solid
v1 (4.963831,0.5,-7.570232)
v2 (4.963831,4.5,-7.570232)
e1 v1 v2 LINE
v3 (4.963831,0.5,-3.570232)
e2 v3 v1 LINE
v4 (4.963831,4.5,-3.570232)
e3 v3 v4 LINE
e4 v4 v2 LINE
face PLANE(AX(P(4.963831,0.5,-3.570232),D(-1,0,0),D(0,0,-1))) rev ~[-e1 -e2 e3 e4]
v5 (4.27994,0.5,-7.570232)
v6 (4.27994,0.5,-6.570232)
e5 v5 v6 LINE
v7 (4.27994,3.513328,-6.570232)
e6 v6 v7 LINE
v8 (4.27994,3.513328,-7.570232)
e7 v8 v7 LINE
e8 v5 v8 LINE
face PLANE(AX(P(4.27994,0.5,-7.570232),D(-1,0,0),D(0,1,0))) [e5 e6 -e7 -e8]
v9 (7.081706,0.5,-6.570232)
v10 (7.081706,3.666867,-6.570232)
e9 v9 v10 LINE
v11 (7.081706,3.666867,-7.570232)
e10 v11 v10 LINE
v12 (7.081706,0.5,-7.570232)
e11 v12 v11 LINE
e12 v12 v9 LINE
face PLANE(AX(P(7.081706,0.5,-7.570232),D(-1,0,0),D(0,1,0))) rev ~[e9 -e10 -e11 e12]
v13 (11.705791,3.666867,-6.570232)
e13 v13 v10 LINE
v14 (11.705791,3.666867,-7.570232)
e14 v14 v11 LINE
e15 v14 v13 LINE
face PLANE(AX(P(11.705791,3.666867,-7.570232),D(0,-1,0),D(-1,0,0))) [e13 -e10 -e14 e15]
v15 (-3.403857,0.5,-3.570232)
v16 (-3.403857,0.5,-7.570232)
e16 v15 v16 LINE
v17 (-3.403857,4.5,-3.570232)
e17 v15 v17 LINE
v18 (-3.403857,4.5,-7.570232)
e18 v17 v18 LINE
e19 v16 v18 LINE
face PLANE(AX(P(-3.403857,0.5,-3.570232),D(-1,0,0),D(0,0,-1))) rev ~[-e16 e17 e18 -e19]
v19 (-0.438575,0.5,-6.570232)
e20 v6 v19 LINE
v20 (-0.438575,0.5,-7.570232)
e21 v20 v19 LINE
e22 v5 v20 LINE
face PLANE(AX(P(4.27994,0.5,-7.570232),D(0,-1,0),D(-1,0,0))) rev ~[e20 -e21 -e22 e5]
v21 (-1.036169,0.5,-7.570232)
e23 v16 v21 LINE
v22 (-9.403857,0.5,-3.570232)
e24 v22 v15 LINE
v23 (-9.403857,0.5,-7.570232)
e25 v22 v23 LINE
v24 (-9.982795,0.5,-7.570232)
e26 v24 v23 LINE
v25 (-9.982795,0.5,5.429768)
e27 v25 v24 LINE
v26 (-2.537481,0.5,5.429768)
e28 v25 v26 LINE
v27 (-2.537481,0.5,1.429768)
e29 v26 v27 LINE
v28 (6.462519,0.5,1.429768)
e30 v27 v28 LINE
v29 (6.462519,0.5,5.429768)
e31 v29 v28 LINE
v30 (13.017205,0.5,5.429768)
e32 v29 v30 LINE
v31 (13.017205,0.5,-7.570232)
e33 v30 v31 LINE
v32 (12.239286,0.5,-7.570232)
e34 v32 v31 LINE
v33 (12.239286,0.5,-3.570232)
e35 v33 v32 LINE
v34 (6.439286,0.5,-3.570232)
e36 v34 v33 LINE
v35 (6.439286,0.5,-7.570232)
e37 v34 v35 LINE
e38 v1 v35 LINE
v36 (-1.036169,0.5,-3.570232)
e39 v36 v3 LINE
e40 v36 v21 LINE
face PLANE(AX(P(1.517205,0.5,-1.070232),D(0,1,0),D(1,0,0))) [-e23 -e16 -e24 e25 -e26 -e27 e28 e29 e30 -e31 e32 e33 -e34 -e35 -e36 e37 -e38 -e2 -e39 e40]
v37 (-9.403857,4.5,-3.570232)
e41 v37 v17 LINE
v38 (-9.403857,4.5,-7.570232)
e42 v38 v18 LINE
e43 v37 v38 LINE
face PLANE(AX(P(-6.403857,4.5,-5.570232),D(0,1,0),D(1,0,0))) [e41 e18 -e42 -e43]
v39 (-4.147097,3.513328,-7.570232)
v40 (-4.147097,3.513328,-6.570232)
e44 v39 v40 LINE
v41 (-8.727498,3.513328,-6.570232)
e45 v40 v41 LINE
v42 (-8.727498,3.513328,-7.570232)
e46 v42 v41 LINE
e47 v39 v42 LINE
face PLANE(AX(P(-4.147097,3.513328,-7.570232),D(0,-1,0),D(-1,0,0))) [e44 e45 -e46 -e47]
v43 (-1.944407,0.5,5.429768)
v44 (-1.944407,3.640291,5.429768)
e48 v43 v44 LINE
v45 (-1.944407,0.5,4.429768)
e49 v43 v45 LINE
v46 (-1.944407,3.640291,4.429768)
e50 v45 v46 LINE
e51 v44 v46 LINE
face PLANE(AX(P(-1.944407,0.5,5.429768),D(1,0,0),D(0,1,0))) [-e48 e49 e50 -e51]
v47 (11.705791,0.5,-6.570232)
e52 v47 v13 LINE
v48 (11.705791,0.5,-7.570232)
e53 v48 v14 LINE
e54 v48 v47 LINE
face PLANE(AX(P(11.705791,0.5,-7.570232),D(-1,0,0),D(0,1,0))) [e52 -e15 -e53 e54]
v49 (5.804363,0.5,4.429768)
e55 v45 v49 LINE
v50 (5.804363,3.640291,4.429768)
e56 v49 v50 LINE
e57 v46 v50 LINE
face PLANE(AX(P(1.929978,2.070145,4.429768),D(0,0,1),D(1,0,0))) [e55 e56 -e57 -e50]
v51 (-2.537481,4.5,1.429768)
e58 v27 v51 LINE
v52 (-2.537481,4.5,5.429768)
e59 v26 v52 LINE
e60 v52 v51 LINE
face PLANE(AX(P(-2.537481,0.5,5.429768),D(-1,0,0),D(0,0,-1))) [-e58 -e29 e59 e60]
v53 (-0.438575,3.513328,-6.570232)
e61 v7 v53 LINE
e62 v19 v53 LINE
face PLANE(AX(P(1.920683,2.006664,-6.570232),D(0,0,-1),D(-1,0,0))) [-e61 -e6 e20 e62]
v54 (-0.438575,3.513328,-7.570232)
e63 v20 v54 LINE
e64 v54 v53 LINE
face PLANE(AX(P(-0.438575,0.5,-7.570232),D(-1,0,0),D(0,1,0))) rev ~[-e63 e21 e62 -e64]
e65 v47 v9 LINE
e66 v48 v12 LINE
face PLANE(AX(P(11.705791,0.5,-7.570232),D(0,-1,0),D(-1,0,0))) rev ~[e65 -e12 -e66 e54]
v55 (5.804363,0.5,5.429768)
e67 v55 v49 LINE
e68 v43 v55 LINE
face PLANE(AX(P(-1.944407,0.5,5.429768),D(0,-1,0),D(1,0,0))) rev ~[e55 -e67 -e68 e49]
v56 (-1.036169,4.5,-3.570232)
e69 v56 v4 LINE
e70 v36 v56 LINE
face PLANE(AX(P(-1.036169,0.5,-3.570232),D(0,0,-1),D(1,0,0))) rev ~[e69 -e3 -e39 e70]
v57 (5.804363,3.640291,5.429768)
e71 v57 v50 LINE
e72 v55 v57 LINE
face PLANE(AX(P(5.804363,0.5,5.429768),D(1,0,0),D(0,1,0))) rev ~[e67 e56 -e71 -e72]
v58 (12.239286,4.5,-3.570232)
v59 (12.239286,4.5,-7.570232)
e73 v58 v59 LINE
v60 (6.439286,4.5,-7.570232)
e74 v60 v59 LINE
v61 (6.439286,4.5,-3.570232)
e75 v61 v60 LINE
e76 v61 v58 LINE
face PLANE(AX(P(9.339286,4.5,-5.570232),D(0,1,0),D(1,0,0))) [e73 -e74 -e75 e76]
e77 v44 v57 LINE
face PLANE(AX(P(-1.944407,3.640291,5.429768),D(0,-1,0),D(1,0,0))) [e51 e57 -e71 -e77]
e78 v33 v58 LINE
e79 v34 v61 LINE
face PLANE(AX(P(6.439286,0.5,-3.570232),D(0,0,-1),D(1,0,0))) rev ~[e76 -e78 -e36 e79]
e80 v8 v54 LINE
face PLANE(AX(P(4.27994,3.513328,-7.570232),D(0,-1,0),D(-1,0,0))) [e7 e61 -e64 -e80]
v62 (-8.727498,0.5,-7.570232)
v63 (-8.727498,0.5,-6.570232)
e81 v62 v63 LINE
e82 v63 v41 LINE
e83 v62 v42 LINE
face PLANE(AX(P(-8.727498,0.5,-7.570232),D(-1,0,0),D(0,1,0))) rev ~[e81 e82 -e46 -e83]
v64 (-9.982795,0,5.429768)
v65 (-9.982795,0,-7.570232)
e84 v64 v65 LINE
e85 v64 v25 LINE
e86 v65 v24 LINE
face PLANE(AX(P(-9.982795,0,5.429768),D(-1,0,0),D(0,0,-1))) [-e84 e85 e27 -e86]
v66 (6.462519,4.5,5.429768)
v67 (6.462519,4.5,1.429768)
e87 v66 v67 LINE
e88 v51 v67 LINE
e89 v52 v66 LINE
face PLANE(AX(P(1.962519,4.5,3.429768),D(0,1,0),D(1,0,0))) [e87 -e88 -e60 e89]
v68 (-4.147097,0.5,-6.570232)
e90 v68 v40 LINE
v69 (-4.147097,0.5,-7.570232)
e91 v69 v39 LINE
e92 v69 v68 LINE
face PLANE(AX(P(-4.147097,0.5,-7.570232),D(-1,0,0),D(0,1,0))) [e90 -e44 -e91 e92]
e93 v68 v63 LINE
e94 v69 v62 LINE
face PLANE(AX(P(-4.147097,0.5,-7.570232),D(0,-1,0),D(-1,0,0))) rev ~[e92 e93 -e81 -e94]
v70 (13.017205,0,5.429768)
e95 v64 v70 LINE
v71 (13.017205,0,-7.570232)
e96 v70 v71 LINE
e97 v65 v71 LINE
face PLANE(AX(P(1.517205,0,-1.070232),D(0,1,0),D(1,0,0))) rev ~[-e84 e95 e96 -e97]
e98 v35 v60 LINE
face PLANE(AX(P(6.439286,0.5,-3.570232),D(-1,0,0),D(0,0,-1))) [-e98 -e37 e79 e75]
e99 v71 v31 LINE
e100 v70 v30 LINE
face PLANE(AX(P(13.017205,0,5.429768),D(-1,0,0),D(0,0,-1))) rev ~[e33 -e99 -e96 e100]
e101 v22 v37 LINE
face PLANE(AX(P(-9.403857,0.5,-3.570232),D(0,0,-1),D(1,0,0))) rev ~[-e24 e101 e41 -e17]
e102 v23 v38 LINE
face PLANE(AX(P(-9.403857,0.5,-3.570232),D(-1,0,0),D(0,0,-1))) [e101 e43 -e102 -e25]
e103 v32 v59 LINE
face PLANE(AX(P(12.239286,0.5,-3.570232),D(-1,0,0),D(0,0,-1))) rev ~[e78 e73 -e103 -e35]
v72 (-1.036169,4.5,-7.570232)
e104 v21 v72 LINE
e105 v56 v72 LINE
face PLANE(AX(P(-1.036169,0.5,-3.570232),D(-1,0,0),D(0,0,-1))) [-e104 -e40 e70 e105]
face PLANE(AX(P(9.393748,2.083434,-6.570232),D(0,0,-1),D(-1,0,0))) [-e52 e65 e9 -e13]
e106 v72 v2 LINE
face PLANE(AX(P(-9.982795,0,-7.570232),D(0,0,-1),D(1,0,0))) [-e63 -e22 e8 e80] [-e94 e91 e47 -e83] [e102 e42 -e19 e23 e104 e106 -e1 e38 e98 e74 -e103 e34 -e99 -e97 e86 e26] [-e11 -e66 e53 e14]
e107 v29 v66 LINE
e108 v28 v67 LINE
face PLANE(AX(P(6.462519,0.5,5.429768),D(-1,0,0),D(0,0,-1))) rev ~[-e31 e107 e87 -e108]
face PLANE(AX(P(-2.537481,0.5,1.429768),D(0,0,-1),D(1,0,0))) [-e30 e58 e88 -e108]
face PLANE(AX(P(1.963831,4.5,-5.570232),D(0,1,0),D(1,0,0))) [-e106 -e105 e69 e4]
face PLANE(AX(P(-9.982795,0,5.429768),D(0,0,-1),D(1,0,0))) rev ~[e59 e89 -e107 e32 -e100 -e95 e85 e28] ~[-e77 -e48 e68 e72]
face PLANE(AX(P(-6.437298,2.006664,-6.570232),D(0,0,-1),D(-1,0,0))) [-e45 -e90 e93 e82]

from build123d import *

# Parameters (mm, degrees)
SKETCH1_W           = 23
SKETCH1_H           = 13
BOSS_EXTRUDE1_DEPTH = 0.5
SKETCH2_W           = 5.8
SKETCH2_H           = 4
SKETCH2_W_2         = 6
SKETCH2_W_3         = 9
BOSS_EXTRUDE2_DEPTH = 4
SKETCH3_W           = 4.624085026
SKETCH3_H           = 3.166867164
SKETCH3_W_2         = 4.718514666
SKETCH3_H_2         = 3.013327786
SKETCH3_W_3         = 4.580400568
CUT_EXTRUDE1_DEPTH  = 1
SKETCH4_W           = 7.748769295
SKETCH4_H           = 3.140290714
CUT_EXTRUDE2_DEPTH  = 1


with BuildPart() as part:
    # Sketch1 → Boss-Extrude1 (new body)
    with BuildSketch(Plane(origin=(0, 0, 0), x_dir=(1, 0, 0), z_dir=(0, 1, 0))):
        with Locations((1.517204559, 1.070232191)):
            Rectangle(SKETCH1_W, SKETCH1_H)
    extrude(amount=BOSS_EXTRUDE1_DEPTH)

    # Sketch2 → Boss-Extrude2 (add)
    with BuildSketch(Plane(origin=(0, 0.5, 0), x_dir=(1, 0, 0), z_dir=(0, 1, 0))):
        with Locations((9.339285907, 5.570232191)):
            Rectangle(SKETCH2_W, SKETCH2_H)
        with Locations((-6.403857402, 5.570232191)):
            Rectangle(SKETCH2_W_2, SKETCH2_H)
        with Locations((1.963830733, 5.570232191)):
            Rectangle(SKETCH2_W_2, SKETCH2_H)
        with Locations((1.962518624, -3.429767809)):
            Rectangle(SKETCH2_W_3, SKETCH2_H)
    extrude(amount=BOSS_EXTRUDE2_DEPTH)

    # Sketch3 → Cut-Extrude1 (cut)
    with BuildSketch(Plane(origin=(0, 0, -7.570232191), x_dir=(-1, 0, 0), z_dir=(0, 0, -1))):
        with Locations((-9.393748211, 2.083433582)):
            Rectangle(SKETCH3_W, SKETCH3_H)
        with Locations((-1.920682759, 2.006663893)):
            Rectangle(SKETCH3_W_2, SKETCH3_H_2)
        with Locations((6.437297708, 2.006663893)):
            Rectangle(SKETCH3_W_3, SKETCH3_H_2)
    extrude(amount=-CUT_EXTRUDE1_DEPTH, mode=Mode.SUBTRACT)

    # Sketch4 → Cut-Extrude2 (cut)
    with BuildSketch(Plane.XY.offset(5.429767809)):
        with Locations((1.929978032, 2.070145357)):
            Rectangle(SKETCH4_W, SKETCH4_H)
    extrude(amount=-CUT_EXTRUDE2_DEPTH, mode=Mode.SUBTRACT)


solid = part.part
